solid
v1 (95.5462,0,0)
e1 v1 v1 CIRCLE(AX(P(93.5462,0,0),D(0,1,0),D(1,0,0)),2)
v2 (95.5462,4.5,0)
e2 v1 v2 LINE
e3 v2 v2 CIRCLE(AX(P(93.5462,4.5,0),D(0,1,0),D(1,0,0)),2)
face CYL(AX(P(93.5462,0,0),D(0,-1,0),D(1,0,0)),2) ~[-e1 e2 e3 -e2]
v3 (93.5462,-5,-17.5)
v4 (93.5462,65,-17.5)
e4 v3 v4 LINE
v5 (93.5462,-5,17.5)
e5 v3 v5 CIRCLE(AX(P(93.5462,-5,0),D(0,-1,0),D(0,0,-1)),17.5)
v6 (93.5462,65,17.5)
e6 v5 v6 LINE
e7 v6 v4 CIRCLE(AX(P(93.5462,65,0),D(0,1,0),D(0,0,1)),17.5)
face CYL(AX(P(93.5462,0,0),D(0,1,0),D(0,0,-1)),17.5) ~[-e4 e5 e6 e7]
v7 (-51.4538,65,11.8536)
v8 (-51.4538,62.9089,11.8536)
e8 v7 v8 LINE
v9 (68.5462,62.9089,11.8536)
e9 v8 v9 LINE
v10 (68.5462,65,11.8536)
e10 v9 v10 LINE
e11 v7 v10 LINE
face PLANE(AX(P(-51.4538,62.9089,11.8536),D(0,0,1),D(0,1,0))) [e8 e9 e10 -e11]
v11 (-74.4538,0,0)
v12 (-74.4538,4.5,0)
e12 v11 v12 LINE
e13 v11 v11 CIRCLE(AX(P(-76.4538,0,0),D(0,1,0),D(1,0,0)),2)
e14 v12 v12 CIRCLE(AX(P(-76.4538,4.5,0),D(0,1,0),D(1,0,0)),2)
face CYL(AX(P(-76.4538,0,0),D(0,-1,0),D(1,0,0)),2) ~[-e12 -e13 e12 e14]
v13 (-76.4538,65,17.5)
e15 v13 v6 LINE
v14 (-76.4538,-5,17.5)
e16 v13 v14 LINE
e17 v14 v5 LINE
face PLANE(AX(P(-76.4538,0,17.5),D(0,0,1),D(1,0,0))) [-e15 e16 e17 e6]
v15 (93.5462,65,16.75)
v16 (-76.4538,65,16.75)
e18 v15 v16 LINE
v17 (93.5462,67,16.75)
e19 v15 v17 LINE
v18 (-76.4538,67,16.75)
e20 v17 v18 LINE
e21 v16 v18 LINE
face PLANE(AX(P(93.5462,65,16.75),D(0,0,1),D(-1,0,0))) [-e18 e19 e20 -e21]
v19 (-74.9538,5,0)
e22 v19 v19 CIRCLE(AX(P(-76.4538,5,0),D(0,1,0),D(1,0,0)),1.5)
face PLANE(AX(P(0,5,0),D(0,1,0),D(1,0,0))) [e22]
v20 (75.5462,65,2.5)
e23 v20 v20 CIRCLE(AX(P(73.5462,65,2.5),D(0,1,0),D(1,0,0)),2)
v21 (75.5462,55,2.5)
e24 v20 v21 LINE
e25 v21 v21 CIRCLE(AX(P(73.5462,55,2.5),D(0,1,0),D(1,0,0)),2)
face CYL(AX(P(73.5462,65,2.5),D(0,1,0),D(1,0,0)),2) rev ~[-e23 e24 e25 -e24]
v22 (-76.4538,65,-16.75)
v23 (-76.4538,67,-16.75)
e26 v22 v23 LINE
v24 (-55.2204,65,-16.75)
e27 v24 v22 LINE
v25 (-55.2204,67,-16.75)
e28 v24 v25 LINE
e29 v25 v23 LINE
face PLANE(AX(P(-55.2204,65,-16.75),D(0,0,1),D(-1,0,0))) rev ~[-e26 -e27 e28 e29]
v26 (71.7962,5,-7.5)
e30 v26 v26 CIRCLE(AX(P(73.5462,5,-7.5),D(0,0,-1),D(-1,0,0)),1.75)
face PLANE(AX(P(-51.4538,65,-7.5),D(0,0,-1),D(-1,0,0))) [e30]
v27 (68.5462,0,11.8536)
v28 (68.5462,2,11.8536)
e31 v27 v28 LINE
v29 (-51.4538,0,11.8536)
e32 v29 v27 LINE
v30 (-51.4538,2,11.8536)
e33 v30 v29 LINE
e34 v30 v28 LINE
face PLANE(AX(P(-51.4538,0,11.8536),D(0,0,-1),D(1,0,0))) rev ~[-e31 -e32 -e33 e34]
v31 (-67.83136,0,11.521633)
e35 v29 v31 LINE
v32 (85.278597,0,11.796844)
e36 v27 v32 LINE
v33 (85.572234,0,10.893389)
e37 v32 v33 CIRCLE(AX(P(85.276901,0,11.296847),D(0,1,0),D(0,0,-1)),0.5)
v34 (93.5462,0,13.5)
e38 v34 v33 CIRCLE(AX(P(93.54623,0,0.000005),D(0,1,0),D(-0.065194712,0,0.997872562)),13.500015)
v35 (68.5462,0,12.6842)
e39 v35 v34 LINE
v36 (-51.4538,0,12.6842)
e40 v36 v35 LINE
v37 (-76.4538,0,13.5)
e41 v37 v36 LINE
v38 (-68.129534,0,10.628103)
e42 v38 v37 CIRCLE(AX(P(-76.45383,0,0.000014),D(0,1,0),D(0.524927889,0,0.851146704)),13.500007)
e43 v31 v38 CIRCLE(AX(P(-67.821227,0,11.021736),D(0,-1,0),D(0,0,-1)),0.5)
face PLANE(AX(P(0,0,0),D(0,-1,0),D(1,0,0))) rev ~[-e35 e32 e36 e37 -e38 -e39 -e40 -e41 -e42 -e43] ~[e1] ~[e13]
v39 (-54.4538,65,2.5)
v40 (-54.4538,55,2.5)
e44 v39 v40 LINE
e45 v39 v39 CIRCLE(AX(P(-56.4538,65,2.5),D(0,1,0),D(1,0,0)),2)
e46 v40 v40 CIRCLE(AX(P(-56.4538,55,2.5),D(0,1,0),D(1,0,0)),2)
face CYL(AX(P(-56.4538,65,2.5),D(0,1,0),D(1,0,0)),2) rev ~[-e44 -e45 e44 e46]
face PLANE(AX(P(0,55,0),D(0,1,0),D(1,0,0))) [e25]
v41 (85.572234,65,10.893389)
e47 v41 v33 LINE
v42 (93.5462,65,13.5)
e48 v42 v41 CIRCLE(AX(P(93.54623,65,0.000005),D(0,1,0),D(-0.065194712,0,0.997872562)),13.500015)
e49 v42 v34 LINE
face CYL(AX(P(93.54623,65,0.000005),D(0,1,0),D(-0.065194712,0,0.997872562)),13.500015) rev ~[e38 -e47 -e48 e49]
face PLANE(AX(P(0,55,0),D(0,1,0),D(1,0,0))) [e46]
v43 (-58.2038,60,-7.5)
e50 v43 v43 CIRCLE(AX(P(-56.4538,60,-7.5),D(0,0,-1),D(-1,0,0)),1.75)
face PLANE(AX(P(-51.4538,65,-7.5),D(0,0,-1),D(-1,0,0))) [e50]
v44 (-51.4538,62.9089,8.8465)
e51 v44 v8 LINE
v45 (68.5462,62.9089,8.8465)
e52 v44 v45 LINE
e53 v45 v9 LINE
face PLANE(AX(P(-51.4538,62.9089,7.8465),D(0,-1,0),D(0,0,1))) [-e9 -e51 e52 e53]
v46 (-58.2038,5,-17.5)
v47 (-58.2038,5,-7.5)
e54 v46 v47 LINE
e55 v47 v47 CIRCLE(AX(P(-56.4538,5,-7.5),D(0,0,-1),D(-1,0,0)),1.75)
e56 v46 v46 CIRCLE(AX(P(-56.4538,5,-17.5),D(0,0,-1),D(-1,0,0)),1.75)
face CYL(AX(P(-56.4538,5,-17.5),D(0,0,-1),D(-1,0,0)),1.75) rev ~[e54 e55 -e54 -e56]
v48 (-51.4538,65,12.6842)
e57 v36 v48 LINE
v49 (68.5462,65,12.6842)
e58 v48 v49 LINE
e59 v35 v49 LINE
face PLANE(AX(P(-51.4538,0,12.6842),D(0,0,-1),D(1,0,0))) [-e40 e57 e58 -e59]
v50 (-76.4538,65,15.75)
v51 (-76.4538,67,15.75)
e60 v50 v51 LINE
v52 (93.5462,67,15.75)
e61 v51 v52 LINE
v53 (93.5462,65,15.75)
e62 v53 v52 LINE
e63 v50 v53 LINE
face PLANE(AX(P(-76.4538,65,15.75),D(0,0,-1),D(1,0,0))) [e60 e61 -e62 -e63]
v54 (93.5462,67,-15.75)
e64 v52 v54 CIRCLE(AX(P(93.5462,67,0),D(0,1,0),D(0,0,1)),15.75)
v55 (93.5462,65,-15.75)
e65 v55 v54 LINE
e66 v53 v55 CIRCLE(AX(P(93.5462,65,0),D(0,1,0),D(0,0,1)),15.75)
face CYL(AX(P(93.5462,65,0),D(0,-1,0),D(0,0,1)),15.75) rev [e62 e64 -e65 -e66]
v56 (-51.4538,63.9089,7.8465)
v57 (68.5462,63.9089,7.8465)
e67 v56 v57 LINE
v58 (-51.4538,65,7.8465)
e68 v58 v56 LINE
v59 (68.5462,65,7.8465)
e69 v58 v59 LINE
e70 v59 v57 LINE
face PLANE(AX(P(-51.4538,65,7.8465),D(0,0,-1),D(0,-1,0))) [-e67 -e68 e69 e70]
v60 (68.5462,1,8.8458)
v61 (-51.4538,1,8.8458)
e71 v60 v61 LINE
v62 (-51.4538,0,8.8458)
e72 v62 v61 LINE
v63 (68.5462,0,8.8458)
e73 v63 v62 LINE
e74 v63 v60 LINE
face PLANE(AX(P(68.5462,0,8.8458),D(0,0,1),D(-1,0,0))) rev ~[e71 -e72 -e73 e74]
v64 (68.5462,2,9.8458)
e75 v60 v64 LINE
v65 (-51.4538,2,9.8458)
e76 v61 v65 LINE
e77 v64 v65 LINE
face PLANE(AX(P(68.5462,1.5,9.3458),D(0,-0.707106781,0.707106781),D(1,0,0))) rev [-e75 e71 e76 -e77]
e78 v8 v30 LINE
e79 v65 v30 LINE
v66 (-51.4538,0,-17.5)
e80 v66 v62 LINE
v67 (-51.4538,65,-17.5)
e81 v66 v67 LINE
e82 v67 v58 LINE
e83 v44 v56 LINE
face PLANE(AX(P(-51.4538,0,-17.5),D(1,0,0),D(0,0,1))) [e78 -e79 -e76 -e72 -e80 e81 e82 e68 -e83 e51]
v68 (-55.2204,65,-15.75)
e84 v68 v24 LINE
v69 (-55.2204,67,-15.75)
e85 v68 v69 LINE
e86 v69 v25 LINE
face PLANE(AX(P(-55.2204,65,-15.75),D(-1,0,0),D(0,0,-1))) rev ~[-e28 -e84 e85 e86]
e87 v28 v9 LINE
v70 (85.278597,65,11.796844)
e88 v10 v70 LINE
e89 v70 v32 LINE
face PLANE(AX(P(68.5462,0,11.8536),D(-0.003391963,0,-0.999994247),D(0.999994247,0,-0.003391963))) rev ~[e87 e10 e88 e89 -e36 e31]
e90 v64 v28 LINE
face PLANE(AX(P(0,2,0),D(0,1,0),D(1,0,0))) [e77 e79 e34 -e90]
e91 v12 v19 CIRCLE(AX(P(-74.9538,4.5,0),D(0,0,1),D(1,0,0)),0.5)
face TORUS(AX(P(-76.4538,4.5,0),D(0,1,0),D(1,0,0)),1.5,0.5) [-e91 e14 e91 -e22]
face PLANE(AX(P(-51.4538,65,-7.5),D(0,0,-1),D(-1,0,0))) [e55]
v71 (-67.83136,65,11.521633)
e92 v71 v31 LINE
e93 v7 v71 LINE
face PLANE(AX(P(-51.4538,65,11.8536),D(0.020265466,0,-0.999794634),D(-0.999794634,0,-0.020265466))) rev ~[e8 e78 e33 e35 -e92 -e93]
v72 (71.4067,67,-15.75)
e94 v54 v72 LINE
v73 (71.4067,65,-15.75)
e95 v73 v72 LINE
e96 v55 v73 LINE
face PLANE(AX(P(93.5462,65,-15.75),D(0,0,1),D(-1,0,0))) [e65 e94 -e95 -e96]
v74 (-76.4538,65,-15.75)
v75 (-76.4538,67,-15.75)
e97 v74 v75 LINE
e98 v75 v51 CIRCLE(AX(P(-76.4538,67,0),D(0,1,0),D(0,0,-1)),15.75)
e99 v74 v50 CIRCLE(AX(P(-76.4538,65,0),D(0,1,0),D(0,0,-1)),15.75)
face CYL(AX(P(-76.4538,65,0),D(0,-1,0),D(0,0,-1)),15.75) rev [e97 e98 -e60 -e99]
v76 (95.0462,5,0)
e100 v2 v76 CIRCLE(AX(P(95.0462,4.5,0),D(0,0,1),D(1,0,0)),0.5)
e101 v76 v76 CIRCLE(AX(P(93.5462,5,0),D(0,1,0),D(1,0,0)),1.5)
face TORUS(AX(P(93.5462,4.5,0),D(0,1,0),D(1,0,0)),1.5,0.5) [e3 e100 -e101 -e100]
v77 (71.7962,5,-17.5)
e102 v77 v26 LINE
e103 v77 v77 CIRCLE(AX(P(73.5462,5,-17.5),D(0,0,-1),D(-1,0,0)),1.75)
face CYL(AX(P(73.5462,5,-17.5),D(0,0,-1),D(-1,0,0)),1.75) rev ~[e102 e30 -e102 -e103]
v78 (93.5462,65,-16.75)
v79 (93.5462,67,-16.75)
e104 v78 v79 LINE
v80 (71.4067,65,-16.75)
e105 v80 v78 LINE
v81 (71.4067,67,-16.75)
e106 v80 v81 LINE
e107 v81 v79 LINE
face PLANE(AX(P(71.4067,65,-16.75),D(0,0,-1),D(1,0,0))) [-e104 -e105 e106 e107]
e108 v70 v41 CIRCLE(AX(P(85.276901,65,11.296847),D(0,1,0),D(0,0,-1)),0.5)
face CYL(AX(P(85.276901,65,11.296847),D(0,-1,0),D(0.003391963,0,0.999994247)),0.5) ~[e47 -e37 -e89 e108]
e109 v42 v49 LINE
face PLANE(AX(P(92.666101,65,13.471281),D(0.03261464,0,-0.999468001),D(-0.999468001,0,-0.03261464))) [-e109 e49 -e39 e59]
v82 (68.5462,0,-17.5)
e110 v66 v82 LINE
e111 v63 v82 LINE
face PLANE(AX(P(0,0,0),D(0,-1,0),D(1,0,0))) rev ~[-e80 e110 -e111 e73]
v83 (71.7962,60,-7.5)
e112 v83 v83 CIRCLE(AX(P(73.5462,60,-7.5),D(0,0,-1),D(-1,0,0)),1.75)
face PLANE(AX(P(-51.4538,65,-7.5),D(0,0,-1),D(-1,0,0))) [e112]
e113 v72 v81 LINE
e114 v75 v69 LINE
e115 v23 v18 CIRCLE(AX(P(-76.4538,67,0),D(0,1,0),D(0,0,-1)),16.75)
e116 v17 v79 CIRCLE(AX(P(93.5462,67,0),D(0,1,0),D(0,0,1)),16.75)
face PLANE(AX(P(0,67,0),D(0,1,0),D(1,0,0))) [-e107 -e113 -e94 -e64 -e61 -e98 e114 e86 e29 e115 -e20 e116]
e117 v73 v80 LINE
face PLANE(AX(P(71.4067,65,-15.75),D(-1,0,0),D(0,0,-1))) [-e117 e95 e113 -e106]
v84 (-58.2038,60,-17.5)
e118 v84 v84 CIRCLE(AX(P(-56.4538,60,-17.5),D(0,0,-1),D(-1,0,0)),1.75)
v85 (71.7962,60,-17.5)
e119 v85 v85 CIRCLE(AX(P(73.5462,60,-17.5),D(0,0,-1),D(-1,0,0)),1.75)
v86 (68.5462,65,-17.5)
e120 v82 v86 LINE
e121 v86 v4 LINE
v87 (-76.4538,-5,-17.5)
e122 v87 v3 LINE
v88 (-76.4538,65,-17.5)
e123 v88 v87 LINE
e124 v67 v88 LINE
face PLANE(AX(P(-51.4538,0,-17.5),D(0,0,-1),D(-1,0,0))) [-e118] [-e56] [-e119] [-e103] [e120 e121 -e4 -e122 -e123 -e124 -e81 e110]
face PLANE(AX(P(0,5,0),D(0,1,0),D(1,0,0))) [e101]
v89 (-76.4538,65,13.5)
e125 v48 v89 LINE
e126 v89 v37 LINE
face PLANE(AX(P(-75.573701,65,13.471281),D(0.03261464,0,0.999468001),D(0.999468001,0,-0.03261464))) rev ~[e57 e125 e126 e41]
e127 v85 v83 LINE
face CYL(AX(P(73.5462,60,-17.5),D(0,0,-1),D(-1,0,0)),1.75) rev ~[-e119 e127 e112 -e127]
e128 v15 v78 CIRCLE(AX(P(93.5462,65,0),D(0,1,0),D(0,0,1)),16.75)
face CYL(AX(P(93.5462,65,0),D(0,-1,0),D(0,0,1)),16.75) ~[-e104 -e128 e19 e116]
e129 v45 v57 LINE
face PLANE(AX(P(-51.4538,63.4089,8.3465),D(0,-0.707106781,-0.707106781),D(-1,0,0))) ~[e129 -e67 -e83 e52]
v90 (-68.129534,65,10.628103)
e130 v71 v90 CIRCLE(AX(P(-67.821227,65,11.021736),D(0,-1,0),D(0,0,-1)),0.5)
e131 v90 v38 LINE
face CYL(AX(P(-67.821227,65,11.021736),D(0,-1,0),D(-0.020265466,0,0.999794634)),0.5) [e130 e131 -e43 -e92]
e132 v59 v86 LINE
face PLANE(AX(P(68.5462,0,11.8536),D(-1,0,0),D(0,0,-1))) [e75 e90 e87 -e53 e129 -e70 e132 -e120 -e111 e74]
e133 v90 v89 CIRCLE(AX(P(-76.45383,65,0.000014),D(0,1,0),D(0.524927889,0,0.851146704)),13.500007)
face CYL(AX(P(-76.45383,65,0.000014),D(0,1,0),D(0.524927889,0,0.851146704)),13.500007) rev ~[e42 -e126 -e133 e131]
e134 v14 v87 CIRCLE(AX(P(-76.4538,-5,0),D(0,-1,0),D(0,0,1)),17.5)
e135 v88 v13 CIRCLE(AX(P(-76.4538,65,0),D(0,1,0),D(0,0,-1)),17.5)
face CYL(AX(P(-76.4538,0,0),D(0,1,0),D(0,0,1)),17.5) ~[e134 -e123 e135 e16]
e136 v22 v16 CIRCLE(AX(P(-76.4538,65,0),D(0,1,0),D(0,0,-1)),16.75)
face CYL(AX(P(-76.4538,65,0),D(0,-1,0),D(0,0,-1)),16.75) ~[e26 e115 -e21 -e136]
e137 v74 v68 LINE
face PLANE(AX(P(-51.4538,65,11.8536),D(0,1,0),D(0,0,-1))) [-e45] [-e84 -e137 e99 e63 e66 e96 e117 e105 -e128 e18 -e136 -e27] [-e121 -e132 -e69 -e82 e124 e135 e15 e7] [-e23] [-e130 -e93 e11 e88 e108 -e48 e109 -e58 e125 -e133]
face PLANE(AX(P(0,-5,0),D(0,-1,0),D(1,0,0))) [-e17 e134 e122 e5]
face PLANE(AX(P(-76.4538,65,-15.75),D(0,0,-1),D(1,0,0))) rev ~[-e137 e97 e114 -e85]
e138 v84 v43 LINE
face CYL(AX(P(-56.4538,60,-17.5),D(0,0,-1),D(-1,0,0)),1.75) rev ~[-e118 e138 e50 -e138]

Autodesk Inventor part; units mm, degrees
ref_plane "YZ Plane" through (0, 0, 0) normal (1, 0, 0) x (0, 1, 0)
ref_plane "XZ Plane" through (0, 0, 0) normal (0, 1, 0) x (-1, 0, 0)
ref_plane "XY Plane" through (0, 0, 0) normal (0, 0, 1) x (1, 0, 0)
sketch "Sketch1" plane through (0, 0, 0) normal (0, 1, 0) x (-1, 0, 0)
  arc A0 (-93.5462, 17.5) -> (-93.5462, -17.5) centre (-93.5462, 0) ccw
  arc A1 (-93.5462, 17.5) -> (-93.5462, -17.5) centre (-93.5462, 0) ccw
  line L0 (-68.5462, -17.5) -> (51.4538, -17.5)
  line L1 (51.4538, -17.5) -> (51.4538, 12.6842)
  line L2 (51.4538, 12.6842) -> (-68.5462, 12.6842)
  line L3 (-68.5462, 12.6842) -> (-68.5462, -17.5)
  line L4 (-68.5462, -17.5) -> (-93.5462, -17.5)
  arc A2 (76.4538, -17.5) -> (76.4538, 17.5) centre (76.4538, 0) ccw
  line L5 (51.4538, -17.5) -> (76.4538, -17.5)
  line L6 (76.4538, 17.5) -> (-93.5462, 17.5)
  point P0 (0, 0)
  dimension "d0" = 35
  dimension "d1" = 120
  dimension "d2" = 25
  dimension "d3" = 35
  dimension "d4" = 25
extrude "Extrusion1" add sketch "Sketch1" along normal blind 65 contours L6 A2 L5 L1 L2 L3 L4 A0
sketch "Sketch2" plane through (0, 65, 0) normal (0, 1, 0) x (1, 0, 0)
  arc A0 (-69.3673, -11.4905) -> (-75.5737, -13.4713) centre (-76.4538, 0) ccw
  arc A1 (92.6661, -13.4713) -> (86.972, -11.7911) centre (93.5462, 0) ccw
  line L0 (-51.4538, -12.6842) -> (-51.4538, 17.5) projected
  line L1 (68.5462, 17.5) -> (68.5462, -12.6842) projected
  line L2 (93.5462, -13.5) -> (68.5462, -12.6842)
  line L3 (-76.4538, -13.5) -> (-51.4538, -12.6842)
  line L4 (68.5462, -11.1899) -> (86.972, -11.7911)
  line L5 (-51.4538, -11.8536) -> (-69.3673, -11.4905)
  line L6 (-51.4538, -11.8536) -> (-51.4267, -12.6833)
  line L7 (68.5462, -11.1899) -> (68.5462, -12.6842)
  point P0 (0, 0)
  dimension "d7" = 27
  dimension "d8" = 27
  dimension "d9" = 25
  dimension "d10" = 25
extrude "Extrusion2" cut sketch "Sketch2" against normal blind 65 contours L5 L0 L3 A0 | L2 L1 L4 A1
sketch "Sketch4" plane through (0, 0, 0) normal (0, -1, 0) x (1, 0, 0)
  arc A0 (-76.4538, 13.5) -> (-69.3673, 11.4905) centre (-76.4538, 0) ccw projected
  arc A1 (-76.4538, 17.5) -> (-76.4538, -17.5) centre (-76.4538, 0) ccw
  arc A2 (93.5462, -17.5) -> (93.5462, 17.5) centre (93.5462, 0) ccw projected
  arc A3 (93.5462, -17.5) -> (93.5462, 17.5) centre (93.5462, 0) ccw
  line L0 (-76.4538, 17.5) -> (93.5462, 17.5) projected
  line L1 (-76.4538, 17.5) -> (93.5462, 17.5)
  line L2 (-51.4538, -17.5) -> (-76.4538, -17.5) projected
  line L3 (-76.4538, -17.5) -> (93.5462, -17.5)
  point P0 (0, 0)
extrude "Extrusion4" add sketch "Sketch4" along normal blind 5
sketch "Sketch5" plane through (0, 0, 0) normal (0, 1, 0) x (1, 0, 0)
  line L0 (-69.3673, -11.4905) -> (-51.4538, -11.8536) projected
  line L1 (68.5462, 17.5) -> (68.5462, -11.1899) projected
  line L2 (-51.4538, -11.8536) -> (68.5462, -11.8536)
  line L3 (68.5462, -11.8536) -> (68.5462, -8.8458)
  line L4 (68.5462, -8.8458) -> (-51.4538, -8.8458)
  line L5 (-51.4538, -8.8458) -> (-51.4538, -11.8536)
  point P0 (0, 0)
extrude "Extrusion5" add sketch "Sketch5" along normal blind 2
sketch "Sketch6" plane through (68.5462, 0, 8.8458) normal (0, 0, -1) x (-1, 0, 0)
  point P0 (68.5462, 0)
sketch "Sketch7" plane through (0, 0, 0) normal (0, 1, 0) x (1, 0, 0)
  line L0 (68.5462, -11.8536) -> (68.5462, -11.1899) projected
  line L1 (68.5462, -11.1899) -> (86.972, -11.7911) projected
  line L2 (68.5462, -11.8536) -> (86.972, -11.7911)
  line L3 (68.5462, -8.8458) -> (68.5462, -11.1899) projected
  line L4 (86.972, -11.7911) -> (68.5462, -11.1899)
  line L5 (68.5462, -11.1899) -> (68.5266, -11.7911)
  point P0 (0, 0)
extrude "Extrusion6" add sketch "Sketch7" along normal blind 65
sketch "Sketch8" plane through (-51.4538, 65, 11.8536) normal (1, 0, 0) x (0, 0, -1)
  line L0 (0, 0) -> (29.3536, 0) projected
  line L1 (0, 0) -> (4.0071, 0)
  line L2 (4.0071, 0) -> (4.0071, -2.0911)
  line L3 (4.0071, -2.0911) -> (0, -2.0911)
  line L4 (0, -2.0911) -> (0, 0)
  point P0 (11.8536, -65)
extrude "Extrusion7" add sketch "Sketch8" along normal blind 120
fillet "Fillet1" radius 0.5 1 edges at (-69.3673, 32.5, 11.4905)
fillet "Fillet2" radius 0.5 1 edges at (86.972, 32.5, 11.7911)
chamfer "Chamfer1" distance 1 angle 45 1 edges at (8.5462, 2, 8.8458)
chamfer "Chamfer2" distance 1 angle 45 1 edges at (8.5462, 62.9089, 7.8466)
sketch "Sketch9" plane through (0, 0, 0) normal (0, 1, 0) x (1, 0, 0)
  arc A0 (93.5462, -17.5) -> (93.5462, 17.5) centre (93.5462, 0) ccw projected
  line L0 (93.5462, 17.5) -> (68.5462, 17.5) projected
  line L1 (93.5462, 17.5) -> (93.5462, 17.5)
  circle A1 centre (93.5462, 0) radius 2
  line L2 (-76.4538, 17.5) -> (93.5462, 17.5) projected
  line L3 (-76.4538, -17.5) -> (93.5462, -17.5) projected
  circle A2 centre (-76.4538, 0) radius 2
  point P0 (0, 0)
  dimension "d39" = 4
  dimension "d40" = 4
extrude "Extrusion8" add sketch "Sketch9" along normal blind 5
fillet "Fillet3" radius 0.5 2 edges at (91.5462, 5, 0) (-78.4538, 5, 0)
sketch "Sketch10" plane through (-51.4538, 65, -17.5) normal (0, 0, -1) x (-1, 0, 0)
  circle A0 centre (-125, -5) radius 1.75
  circle A1 centre (-125, -60) radius 1.75
  line L0 (25, -70) -> (-145, -70) projected
  line L1 (-120, -65) -> (-120, 0) projected
  line L2 (-145, 0) -> (-120, 0) projected
  circle A2 centre (5, -60) radius 1.75
  circle A3 centre (5, -5) radius 1.75
  line L3 (0, -65) -> (0, 0) projected
  line L4 (0, 0) -> (25, 0) projected
  point P0 (-51.4538, -65)
  dimension "d44" = 3.5
  dimension "d45" = 3.5
  dimension "d46" = 10
  dimension "d47" = 5
  dimension "d48" = 5
  dimension "d49" = 3.5
  dimension "d50" = 3.5
  dimension "d51" = 5
  dimension "d52" = 5
  dimension "d53" = 5
  dimension "d54" = 10
extrude "Extrusion9" cut sketch "Sketch10" against normal blind 10
sketch "Sketch11" plane through (0, 65, 0) normal (0, 1, 0) x (1, 0, 0)
  point P0 (0, 0)
sketch "Sketch12" plane through (0, 65, 0) normal (0, 1, 0) x (1, 0, 0)
  circle A0 centre (73.5462, -2.5) radius 2
  circle A1 centre (-56.4538, -2.5) radius 2
  line L0 (68.5462, 17.5) -> (68.5462, -7.8466) projected
  line L1 (93.5462, 17.5) -> (68.5462, 17.5) projected
  line L2 (-51.4538, -7.8466) -> (-51.4538, 17.5) projected
  arc A2 (93.5462, -17.5) -> (93.5462, 17.5) centre (93.5462, 0) ccw projected
  point P0 (0, 0)
  dimension "d57" = 4
  dimension "d58" = 4
  dimension "d59" = 5
  dimension "d60" = 20
  dimension "d61" = 5
  dimension "d62" = 20
extrude "Extrusion10" cut sketch "Sketch12" against normal blind 10
sketch "Sketch13" plane through (0, 65, 0) normal (0, 1, 0) x (1, 0, 0)
  circle A0 centre (93.5462, 0) radius 1.5 projected
  arc A1 (93.5462, -16.75) -> (93.5462, 16.75) centre (93.5462, 0) ccw
  circle A2 centre (93.5462, 0) radius 2 projected
  arc A3 (93.5462, -15.75) -> (93.5462, 15.75) centre (93.5462, 0) ccw
  circle A4 centre (-76.4538, 0) radius 1.5 projected
  arc A5 (-76.4538, 16.75) -> (-76.4538, -16.75) centre (-76.4538, 0) ccw
  arc A6 (-76.4538, 15.75) -> (-76.4538, -15.75) centre (-76.4538, 0) ccw
  line L0 (93.5462, -16.75) -> (-76.4538, -16.75)
  line L1 (-76.4538, -15.75) -> (93.5462, -15.75)
  line L2 (-76.4538, 15.75) -> (-55.2204, 15.75)
  line L3 (-55.2204, 15.75) -> (-55.2204, 16.75)
  line L4 (-55.2204, 16.75) -> (-76.4538, 16.75)
  line L5 (93.5462, 15.75) -> (71.4067, 15.75)
  line L6 (71.4067, 15.75) -> (71.4067, 16.75)
  line L7 (71.4067, 16.75) -> (93.5462, 16.75)
  point P0 (0, 0)
  dimension "d65" = 33.5
  dimension "d66" = 31.5
  dimension "d67" = 33.5
  dimension "d68" = 31.5
extrude "Extrusion11" add sketch "Sketch13" along normal blind 2 contours L0 A5 L4 L3 L2 A6 L1 A3 L5 L6 L7 A1
sketch "Sketch14" plane through (-51.4538, 65, -17.5) normal (0, 0, -1) x (-1, 0, 0)
  point P0 (-51.4538, -65)
properties part number "C-PAN"
